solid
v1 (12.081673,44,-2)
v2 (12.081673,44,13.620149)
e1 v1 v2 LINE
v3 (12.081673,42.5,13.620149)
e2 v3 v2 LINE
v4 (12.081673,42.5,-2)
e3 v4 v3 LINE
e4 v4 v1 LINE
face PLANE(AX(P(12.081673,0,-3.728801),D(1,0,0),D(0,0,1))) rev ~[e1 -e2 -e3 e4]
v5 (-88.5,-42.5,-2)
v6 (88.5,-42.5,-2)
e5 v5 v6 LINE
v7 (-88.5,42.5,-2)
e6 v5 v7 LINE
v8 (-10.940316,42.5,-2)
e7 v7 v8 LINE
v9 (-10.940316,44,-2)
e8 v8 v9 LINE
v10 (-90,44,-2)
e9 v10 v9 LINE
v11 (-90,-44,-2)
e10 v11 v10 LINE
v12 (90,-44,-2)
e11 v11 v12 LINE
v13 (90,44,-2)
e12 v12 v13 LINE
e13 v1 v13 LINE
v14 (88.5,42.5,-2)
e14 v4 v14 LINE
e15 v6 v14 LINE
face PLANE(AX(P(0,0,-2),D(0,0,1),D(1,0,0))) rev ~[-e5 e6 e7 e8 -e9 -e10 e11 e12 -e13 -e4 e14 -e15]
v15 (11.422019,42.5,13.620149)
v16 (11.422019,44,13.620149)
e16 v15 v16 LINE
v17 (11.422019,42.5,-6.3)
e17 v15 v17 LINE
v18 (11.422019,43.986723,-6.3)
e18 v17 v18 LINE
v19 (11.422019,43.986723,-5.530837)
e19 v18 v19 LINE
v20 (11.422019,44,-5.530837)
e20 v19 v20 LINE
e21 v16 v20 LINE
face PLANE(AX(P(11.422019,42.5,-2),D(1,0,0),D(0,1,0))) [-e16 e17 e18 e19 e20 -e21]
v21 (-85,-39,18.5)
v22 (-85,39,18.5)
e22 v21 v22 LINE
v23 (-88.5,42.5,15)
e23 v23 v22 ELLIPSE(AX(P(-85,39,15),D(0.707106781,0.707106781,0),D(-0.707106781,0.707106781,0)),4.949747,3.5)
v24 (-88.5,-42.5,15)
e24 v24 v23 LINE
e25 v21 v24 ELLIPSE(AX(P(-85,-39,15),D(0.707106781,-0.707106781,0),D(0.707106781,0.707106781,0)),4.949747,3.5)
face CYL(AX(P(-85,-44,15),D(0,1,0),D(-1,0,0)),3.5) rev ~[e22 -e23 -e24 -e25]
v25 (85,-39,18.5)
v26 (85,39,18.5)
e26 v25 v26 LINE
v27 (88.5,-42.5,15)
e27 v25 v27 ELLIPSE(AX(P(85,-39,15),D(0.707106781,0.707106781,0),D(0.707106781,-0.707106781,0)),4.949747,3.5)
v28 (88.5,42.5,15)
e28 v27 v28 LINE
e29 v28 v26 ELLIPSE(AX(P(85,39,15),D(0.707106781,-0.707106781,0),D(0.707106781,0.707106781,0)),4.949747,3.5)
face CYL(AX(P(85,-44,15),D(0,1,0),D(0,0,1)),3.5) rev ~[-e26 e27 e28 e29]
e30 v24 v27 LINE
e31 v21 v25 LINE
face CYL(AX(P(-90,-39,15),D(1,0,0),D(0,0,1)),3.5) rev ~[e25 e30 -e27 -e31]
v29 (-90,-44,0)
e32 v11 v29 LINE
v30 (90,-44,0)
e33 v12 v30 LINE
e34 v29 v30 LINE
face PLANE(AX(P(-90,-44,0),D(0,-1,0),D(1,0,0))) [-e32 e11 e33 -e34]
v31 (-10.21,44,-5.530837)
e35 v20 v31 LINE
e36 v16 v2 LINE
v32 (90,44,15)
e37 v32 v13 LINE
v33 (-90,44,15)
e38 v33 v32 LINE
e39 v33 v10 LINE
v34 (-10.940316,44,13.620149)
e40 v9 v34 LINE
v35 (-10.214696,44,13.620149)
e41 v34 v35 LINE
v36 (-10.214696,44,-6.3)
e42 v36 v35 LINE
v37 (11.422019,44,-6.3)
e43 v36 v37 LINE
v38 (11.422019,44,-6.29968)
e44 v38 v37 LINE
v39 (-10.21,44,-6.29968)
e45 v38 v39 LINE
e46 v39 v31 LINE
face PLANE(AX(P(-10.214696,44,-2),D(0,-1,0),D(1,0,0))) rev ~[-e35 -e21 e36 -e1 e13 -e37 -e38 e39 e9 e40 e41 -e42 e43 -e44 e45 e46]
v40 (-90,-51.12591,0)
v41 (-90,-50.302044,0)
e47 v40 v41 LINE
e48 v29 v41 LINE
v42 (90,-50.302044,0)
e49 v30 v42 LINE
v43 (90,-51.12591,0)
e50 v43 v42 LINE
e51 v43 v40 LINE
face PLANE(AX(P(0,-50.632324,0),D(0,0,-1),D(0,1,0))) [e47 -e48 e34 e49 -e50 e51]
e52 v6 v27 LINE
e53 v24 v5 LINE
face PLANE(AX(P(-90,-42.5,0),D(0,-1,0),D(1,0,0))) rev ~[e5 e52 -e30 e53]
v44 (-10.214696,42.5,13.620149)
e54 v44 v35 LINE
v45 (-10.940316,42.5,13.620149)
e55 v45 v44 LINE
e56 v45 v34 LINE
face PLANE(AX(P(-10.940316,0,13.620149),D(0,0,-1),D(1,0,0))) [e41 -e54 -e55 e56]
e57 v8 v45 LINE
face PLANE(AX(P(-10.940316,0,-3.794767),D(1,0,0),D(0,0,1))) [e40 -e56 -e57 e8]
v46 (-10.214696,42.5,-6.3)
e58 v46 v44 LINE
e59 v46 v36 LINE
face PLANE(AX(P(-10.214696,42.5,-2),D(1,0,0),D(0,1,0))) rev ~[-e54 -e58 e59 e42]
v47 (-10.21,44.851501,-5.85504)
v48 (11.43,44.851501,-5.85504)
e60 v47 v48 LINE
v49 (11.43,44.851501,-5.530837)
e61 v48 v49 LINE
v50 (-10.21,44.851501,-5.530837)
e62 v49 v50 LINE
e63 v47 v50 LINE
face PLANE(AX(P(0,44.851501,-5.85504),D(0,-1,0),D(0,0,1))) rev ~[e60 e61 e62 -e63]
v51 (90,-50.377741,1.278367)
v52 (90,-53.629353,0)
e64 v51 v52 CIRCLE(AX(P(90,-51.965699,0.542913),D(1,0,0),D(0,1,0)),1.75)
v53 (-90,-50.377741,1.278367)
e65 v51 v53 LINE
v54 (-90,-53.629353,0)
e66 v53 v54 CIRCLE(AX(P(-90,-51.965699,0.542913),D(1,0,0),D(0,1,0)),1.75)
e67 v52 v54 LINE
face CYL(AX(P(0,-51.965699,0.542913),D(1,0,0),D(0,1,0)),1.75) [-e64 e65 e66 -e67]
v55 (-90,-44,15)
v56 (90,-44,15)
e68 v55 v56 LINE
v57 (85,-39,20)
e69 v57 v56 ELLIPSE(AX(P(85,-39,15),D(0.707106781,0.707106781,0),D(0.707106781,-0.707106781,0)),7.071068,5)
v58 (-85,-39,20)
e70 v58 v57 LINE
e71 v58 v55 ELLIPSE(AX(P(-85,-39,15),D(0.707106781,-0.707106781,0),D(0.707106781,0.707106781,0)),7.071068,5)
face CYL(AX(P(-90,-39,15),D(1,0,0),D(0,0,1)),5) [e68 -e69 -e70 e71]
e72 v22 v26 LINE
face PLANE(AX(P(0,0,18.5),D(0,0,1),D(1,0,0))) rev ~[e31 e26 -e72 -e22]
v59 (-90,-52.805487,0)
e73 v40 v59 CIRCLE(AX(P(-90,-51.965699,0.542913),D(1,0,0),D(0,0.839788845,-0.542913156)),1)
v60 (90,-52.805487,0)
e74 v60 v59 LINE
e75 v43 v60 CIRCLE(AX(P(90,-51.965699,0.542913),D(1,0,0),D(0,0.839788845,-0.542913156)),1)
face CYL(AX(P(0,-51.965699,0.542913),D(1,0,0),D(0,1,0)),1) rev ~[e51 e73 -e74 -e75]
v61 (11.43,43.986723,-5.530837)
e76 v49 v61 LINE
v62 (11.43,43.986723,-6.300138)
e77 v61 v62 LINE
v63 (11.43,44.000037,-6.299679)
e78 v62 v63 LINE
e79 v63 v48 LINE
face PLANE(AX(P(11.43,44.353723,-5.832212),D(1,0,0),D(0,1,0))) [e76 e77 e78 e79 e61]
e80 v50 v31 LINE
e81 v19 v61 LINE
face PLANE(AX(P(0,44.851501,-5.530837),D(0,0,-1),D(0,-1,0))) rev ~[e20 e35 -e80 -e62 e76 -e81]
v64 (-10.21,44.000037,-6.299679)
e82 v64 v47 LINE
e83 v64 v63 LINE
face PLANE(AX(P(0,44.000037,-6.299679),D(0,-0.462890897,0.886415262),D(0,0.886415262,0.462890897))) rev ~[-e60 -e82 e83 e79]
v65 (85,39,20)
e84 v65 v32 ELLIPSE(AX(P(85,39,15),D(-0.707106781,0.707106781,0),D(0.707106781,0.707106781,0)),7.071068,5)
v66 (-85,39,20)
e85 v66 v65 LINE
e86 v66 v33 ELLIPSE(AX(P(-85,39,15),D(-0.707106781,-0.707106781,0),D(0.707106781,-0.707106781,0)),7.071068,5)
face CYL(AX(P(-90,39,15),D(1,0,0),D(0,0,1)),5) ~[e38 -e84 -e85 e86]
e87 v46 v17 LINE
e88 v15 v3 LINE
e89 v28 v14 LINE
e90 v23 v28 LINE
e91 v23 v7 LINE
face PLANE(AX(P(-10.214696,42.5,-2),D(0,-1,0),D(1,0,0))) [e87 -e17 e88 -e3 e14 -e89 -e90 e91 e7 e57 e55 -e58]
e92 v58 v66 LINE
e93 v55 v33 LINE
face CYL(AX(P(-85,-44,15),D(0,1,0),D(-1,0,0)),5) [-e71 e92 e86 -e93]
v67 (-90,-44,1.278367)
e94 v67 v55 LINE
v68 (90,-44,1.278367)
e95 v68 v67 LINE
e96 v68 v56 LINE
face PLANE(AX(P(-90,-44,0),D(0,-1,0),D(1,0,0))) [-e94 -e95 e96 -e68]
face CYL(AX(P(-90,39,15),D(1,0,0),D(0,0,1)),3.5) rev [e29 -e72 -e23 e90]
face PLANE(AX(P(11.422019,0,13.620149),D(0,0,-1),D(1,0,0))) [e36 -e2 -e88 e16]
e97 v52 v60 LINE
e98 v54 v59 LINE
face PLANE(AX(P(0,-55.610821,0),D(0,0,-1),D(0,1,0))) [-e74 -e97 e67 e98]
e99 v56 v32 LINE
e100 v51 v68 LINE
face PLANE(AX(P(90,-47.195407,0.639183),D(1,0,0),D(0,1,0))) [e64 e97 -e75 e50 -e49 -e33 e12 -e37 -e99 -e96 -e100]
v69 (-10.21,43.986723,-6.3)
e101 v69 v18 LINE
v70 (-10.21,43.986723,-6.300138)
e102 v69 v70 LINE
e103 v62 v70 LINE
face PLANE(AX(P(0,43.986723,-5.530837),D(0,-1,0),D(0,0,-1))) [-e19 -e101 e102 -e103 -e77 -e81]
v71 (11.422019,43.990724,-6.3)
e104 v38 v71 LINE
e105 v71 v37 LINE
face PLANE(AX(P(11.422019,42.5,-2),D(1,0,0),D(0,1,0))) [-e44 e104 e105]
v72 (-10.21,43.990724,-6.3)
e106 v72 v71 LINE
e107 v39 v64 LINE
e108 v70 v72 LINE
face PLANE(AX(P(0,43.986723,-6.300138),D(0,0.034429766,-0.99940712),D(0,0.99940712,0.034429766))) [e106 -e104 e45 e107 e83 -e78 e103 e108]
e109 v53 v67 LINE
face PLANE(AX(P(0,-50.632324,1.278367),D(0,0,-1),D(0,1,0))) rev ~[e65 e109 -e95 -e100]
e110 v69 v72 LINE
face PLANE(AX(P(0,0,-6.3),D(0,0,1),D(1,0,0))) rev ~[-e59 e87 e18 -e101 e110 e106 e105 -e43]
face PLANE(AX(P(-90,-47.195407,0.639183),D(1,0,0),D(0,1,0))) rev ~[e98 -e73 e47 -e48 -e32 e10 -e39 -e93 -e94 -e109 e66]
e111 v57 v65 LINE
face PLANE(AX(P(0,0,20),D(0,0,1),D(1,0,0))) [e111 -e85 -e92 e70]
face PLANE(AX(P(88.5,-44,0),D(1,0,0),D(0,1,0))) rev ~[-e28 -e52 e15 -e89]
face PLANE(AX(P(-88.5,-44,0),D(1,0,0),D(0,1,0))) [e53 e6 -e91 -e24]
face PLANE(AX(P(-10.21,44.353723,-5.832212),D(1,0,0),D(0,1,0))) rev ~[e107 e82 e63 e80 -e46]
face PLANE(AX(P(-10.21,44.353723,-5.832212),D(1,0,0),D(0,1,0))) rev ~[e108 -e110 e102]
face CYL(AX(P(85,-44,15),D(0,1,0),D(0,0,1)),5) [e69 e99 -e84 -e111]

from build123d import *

# Parameters (mm, degrees)
F0_W           = 180
F0_H           = 88
F1_DEPTH       = 20
F1_DEPTH_BACK  = 2
F2_R           = 5
F3_T           = -1.5
F4_W           = 6.8738348782
F4_H           = 1.2783666607
F5_DEPTH       = 90
F5_DEPTH_BACK  = 90
F6_R           = 1.75
F6_R_2         = 1
F7_DEPTH       = 90
F7_DEPTH_BACK  = 90
F8_W           = 5.3282827139
F8_H           = 1.7101019621
F9_DEPTH       = 90
F9_DEPTH_BACK  = 90
F10_DEPTH      = 80
F10_DEPTH_BACK = 80
F11_W          = 0.6596548483
F11_H          = 17.3489500303
F11_W_2        = 0.7256204262
F11_H_2        = 17.4149160739
F12_DEPTH      = 55.1
F13_DEPTH      = 4.3
F15_DEPTH      = 11.43
F15_DEPTH_BACK = 10.21


with BuildPart() as f1:
    # F0 (on Top) → F1 (new body, two sides)
    with BuildSketch(Plane.XY) as f1_sk:
        Rectangle(F0_W, F0_H)
    extrude(amount=F1_DEPTH)
    extrude(f1_sk.sketch, amount=-F1_DEPTH_BACK)

    # F2
    f2_edges = [f1.edges().sort_by_distance(p)[0] for p in [
        (0, -44, 20),
        (90, 0, 20),
        (0, 44, 20),
        (-90, 0, 20),
    ]]
    fillet(f2_edges, radius=F2_R)

    # F3
    f3_openings = [f1.faces().sort_by_distance(p)[0] for p in [
        (0, 0, -2),
    ]]
    offset(amount=F3_T, openings=f3_openings)

    # F4 (on Right) → F5 (join, two sides)
    with BuildSketch(Plane.YZ) as f5_sk:
        with Locations((-47.1954066306, 0.6391833303)):
            Rectangle(F4_W, F4_H)
    extrude(amount=F5_DEPTH)
    extrude(f5_sk.sketch, amount=-F5_DEPTH_BACK)

    # F6 (on Right) → F7 (join, two sides)
    with BuildSketch(Plane.YZ) as f7_sk:
        with Locations((-51.9656985998, 0.5429131561)):
            Circle(F6_R)
        with Locations((-51.9656985998, 0.5429131561)):
            Circle(F6_R_2, mode=Mode.SUBTRACT)
    extrude(amount=F7_DEPTH)
    extrude(f7_sk.sketch, amount=-F7_DEPTH_BACK)

    # F8 (on Right) → F9 (cut, two sides)
    with BuildSketch(Plane.YZ) as f9_sk:
        with Locations((-52.9466792941, -0.855050981)):
            Rectangle(F8_W, F8_H)
    extrude(amount=F9_DEPTH, mode=Mode.SUBTRACT)
    extrude(f9_sk.sketch, amount=-F9_DEPTH_BACK, mode=Mode.SUBTRACT)

    # F8 (on Right) → F10 (cut, two sides)
    with BuildSketch(Plane.YZ) as f10_sk:
        with Locations((-52.9466792941, -0.855050981)):
            Rectangle(F8_W, F8_H)
    extrude(amount=-F10_DEPTH, mode=Mode.SUBTRACT)
    extrude(f10_sk.sketch, amount=F10_DEPTH_BACK, mode=Mode.SUBTRACT)

    # F11 (on Front) → F12 (cut)
    with BuildSketch(Plane.XZ):
        with Locations((11.7518459447, 4.9456743291)):
            Rectangle(F11_W, F11_H)
        with Locations((-10.5775059201, 4.9126913073)):
            Rectangle(F11_W_2, F11_H_2)
    extrude(amount=-F12_DEPTH, mode=Mode.SUBTRACT)

    # F13 (add): a face of the model
    f13_faces = [f1.faces().sort_by_distance(p)[0] for p in [
        (0.6036614068, 43.25, -2),
    ]]
    extrude(f13_faces, amount=F13_DEPTH)

    # F14 (on Right) → F15 (join, two sides)
    with BuildSketch(Plane.YZ) as f15_sk:
        Polygon((43.986722827, -6.3001378439), (44.0000370145, -6.2996791676), (44.851500541, -5.855040258), (44.851500541, -5.530836992), (43.986722827, -5.530836992), align=None)
    extrude(amount=F15_DEPTH)
    extrude(f15_sk.sketch, amount=-F15_DEPTH_BACK)


solid = f1.part
